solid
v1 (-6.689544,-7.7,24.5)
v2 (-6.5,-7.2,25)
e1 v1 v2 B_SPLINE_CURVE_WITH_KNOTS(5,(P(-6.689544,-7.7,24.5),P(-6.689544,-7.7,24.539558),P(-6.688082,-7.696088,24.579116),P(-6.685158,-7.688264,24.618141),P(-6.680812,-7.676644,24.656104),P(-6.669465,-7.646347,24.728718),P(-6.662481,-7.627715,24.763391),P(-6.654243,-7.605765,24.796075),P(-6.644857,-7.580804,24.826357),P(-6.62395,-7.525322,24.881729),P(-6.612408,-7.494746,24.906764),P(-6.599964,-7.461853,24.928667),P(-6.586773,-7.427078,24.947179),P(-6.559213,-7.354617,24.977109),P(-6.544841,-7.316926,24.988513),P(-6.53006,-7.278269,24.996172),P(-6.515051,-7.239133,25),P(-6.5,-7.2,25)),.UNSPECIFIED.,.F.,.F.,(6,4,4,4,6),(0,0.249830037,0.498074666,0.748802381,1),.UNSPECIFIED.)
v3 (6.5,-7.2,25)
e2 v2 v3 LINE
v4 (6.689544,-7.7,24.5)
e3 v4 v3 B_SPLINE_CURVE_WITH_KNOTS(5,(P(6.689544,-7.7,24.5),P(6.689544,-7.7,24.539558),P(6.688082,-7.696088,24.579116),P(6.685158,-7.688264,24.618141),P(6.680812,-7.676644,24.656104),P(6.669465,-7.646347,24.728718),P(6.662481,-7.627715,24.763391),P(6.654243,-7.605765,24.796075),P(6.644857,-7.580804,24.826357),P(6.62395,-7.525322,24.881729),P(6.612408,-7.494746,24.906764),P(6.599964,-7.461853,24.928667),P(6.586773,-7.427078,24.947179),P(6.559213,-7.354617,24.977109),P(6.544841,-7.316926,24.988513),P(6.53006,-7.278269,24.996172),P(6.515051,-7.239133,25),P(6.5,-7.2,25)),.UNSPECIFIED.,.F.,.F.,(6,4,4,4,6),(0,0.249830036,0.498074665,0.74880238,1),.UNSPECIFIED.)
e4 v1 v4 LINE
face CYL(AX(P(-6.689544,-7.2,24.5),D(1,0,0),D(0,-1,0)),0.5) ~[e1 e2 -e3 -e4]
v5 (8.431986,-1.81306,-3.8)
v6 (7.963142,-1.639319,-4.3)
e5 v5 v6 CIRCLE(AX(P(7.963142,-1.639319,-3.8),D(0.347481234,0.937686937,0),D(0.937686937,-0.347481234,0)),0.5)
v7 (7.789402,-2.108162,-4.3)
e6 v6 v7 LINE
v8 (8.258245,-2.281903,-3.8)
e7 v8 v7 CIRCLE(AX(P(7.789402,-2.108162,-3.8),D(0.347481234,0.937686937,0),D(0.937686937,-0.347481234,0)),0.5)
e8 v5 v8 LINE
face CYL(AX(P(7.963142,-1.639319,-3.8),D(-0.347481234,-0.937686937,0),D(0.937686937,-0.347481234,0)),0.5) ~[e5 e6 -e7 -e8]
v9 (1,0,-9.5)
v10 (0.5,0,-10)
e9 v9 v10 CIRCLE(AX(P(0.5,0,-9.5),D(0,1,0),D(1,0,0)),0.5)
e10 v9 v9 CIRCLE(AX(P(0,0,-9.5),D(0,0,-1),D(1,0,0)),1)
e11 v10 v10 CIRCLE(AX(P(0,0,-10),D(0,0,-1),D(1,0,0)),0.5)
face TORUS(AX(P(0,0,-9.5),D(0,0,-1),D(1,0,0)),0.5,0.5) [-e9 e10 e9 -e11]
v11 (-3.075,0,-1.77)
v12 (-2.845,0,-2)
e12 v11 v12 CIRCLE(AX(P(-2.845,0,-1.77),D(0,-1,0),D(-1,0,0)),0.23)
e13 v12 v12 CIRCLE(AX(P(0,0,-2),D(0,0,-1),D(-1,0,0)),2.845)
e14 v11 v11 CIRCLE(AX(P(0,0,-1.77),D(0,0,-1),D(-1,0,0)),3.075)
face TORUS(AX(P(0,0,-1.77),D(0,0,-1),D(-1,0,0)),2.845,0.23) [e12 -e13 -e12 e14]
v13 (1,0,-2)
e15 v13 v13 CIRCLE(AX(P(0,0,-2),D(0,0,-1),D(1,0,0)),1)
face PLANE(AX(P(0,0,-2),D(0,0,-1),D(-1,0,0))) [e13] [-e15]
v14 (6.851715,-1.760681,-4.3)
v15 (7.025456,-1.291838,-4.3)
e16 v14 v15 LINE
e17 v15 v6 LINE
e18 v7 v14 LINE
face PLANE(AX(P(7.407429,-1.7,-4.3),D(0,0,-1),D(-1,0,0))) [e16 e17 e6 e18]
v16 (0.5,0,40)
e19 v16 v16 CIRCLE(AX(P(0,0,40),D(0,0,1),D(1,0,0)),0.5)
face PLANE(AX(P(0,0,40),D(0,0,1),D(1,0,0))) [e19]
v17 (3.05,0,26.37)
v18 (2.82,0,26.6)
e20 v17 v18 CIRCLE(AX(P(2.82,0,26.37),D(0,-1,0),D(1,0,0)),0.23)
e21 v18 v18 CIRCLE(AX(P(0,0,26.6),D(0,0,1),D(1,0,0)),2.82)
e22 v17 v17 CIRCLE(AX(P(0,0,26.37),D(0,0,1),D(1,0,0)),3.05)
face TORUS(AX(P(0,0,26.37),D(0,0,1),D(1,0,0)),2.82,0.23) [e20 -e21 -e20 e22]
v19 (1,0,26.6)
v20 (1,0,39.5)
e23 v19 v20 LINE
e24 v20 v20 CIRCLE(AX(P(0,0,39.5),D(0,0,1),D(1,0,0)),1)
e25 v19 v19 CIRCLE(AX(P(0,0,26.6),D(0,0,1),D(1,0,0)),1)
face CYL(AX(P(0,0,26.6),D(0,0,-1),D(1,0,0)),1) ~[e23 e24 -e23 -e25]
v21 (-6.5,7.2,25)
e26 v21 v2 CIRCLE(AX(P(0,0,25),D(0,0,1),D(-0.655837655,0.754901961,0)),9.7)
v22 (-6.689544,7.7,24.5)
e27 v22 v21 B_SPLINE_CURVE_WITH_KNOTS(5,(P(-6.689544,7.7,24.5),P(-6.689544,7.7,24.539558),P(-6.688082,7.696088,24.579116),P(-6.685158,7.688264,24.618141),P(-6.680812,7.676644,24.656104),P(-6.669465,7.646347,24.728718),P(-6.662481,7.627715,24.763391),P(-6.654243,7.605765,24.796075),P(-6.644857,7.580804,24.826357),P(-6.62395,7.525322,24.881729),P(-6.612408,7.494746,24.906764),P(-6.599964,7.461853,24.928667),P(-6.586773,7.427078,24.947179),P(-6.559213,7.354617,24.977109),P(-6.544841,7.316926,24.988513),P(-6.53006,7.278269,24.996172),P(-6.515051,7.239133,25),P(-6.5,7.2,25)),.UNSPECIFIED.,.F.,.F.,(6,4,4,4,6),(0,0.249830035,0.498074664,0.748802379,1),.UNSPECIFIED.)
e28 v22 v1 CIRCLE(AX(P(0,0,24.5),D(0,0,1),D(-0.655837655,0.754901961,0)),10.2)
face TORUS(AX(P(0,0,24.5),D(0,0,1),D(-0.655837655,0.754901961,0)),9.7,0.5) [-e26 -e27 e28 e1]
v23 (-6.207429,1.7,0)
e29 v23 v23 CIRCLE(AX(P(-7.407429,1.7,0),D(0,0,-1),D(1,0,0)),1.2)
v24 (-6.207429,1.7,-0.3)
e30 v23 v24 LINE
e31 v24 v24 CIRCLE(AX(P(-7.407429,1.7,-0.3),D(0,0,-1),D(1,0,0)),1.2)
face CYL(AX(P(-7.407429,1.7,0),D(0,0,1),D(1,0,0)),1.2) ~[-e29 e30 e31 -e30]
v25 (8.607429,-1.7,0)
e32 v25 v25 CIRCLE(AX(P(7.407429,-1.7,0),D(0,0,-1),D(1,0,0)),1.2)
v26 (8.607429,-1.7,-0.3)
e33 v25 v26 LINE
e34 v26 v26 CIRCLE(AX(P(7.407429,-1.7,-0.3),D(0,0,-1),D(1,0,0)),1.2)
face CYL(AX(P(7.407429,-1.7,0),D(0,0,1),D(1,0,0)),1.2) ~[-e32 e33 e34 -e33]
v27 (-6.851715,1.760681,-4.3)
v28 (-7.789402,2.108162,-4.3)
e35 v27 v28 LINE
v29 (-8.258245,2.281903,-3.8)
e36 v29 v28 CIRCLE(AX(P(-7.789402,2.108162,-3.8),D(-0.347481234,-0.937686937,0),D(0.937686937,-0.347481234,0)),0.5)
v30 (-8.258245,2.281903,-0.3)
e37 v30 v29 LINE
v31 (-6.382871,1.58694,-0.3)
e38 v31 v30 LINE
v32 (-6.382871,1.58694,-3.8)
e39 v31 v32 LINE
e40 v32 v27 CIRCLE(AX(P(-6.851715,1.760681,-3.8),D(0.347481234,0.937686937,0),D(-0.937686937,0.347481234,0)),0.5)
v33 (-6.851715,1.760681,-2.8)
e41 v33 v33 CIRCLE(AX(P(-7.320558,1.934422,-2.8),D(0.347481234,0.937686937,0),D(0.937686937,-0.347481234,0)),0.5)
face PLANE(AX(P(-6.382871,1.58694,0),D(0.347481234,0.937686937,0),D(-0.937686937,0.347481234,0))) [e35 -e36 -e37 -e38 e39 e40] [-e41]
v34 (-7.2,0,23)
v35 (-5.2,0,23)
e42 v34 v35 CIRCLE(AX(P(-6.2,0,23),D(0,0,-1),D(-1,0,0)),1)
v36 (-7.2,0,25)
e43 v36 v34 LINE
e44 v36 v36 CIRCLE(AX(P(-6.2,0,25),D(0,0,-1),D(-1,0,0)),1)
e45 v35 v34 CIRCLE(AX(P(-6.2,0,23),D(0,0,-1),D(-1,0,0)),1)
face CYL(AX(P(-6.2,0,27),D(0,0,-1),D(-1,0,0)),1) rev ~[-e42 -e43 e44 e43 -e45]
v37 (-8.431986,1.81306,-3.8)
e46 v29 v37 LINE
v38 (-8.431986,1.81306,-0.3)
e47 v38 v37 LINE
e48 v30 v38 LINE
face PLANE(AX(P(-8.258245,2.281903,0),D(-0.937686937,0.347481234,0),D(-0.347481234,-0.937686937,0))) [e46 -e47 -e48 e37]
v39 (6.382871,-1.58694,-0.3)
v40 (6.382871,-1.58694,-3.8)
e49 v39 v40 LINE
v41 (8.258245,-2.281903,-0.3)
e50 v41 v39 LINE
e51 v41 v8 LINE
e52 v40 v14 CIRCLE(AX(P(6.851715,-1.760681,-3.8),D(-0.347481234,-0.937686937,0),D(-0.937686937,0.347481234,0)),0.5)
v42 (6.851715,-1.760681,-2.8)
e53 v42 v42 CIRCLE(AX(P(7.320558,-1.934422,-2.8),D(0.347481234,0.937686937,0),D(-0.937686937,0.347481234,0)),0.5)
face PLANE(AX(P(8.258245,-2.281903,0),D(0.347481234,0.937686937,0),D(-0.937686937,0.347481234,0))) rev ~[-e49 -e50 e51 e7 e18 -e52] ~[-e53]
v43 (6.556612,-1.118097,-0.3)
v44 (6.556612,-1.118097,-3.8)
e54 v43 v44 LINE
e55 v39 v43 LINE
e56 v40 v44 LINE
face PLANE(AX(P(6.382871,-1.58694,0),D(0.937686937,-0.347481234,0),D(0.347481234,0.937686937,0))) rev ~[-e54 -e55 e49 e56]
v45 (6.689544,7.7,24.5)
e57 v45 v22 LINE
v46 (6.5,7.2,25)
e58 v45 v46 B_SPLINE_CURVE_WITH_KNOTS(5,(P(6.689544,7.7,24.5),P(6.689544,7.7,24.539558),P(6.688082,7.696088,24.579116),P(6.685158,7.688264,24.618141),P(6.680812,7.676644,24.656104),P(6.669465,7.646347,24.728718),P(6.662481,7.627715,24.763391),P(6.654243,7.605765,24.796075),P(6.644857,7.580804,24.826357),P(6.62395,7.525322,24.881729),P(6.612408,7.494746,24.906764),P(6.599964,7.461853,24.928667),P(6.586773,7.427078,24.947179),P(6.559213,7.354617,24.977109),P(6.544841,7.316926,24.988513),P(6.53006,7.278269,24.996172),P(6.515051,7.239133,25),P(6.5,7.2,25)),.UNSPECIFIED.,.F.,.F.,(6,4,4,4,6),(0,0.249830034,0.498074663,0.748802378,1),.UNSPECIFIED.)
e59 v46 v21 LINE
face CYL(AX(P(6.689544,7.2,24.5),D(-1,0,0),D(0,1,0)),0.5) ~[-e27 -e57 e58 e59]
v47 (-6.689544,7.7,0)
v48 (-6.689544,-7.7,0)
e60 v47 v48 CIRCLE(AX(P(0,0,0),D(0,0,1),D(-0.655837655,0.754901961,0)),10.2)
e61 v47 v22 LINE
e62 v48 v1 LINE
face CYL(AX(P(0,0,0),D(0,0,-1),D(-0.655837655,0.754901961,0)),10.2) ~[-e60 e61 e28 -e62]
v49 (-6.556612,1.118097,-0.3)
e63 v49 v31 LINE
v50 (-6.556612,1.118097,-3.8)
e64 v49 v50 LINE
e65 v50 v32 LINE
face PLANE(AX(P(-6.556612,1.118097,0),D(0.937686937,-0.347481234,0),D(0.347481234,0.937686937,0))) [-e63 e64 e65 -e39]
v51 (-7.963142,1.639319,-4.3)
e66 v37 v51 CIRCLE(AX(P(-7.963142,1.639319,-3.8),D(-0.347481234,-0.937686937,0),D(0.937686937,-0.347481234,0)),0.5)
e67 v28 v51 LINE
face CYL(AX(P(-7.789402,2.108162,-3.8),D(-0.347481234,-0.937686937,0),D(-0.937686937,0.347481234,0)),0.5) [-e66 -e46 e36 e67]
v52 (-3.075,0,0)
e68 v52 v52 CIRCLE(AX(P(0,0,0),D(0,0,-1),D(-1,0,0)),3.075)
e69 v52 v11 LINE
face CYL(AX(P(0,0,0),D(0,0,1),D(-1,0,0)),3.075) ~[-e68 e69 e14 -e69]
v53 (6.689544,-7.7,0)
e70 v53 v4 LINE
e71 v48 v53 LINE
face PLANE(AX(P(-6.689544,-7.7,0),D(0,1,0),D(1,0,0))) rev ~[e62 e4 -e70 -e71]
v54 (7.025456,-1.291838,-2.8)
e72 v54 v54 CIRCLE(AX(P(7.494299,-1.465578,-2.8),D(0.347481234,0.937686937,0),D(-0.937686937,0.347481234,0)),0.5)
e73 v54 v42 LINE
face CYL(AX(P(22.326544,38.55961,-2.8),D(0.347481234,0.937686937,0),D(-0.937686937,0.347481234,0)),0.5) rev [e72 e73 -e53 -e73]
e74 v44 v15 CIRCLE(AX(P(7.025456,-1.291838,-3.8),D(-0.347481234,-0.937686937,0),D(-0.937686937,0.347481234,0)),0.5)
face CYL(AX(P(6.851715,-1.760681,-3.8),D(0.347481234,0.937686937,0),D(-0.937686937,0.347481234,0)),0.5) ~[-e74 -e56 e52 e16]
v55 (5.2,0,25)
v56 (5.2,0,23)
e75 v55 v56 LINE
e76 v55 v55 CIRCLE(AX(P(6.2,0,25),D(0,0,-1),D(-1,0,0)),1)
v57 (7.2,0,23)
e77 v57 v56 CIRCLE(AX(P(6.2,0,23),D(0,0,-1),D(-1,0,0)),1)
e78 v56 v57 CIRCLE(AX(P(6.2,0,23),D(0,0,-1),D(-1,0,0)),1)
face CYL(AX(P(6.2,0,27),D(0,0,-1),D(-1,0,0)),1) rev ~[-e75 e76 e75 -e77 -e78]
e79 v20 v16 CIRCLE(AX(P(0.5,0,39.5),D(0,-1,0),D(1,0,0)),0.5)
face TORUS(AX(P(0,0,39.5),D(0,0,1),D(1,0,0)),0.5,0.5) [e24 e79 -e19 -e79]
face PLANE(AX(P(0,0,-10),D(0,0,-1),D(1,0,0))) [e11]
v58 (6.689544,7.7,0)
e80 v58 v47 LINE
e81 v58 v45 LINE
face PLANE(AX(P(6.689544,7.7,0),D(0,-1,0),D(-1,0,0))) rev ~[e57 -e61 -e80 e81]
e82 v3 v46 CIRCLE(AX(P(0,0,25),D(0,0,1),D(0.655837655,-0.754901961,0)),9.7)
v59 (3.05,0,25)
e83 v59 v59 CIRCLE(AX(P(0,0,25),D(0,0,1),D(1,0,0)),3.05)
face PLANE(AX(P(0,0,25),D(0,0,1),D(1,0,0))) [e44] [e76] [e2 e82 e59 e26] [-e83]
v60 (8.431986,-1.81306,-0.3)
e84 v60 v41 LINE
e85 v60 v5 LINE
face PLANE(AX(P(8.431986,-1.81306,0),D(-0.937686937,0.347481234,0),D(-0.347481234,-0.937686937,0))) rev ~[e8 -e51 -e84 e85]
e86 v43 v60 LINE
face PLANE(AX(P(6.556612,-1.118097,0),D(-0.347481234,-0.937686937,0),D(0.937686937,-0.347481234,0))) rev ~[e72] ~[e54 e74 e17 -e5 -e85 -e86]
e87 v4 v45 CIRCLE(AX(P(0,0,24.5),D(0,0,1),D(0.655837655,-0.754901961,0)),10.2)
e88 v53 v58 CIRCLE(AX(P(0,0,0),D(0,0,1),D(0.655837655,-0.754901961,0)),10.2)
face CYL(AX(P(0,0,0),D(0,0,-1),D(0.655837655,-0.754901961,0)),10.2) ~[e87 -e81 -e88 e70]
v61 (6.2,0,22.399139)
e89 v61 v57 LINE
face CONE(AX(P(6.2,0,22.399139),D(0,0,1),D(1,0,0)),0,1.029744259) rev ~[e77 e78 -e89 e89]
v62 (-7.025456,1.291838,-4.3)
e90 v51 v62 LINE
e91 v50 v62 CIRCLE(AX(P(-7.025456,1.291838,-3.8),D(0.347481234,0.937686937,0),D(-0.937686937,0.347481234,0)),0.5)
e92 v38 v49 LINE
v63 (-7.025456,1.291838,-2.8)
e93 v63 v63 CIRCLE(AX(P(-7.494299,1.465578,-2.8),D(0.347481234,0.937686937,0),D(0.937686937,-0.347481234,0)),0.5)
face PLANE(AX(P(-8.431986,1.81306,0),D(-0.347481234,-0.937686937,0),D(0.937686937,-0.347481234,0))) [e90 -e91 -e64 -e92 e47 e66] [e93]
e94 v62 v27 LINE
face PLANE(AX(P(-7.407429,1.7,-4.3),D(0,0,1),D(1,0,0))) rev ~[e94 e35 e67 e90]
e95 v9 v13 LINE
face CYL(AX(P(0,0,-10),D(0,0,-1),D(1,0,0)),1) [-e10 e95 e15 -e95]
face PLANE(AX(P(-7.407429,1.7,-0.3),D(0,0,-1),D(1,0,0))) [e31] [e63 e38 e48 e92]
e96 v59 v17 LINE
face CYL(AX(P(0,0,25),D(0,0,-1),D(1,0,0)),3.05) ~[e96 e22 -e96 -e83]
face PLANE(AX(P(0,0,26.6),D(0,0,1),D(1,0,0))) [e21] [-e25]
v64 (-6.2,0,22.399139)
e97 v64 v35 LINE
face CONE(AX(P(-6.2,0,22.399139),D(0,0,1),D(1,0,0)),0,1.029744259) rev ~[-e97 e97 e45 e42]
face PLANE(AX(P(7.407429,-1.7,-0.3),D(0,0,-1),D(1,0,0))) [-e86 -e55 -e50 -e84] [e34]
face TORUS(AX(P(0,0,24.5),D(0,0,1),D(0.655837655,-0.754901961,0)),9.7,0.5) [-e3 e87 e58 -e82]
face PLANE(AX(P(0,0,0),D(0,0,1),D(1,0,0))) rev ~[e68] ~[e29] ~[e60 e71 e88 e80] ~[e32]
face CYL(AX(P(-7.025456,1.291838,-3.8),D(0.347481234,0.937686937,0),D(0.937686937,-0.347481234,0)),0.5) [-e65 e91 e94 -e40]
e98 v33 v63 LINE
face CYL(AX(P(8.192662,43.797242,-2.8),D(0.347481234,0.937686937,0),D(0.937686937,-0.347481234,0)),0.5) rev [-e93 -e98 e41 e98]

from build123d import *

# Parameters (mm, degrees)
BOSS_EXTRUDE1_DEPTH          = 25
FILLET1_R                    = 0.5
SKETCH2_R                    = 3.05
BOSS_EXTRUDE2_DEPTH          = 1.6
SKETCH3_R                    = 1
BOSS_EXTRUDE3_DEPTH          = 13.4
SKETCH4_R                    = 3.075
BOSS_EXTRUDE4_DEPTH          = 2
FILLET2_R                    = 0.23
BOSS_EXTRUDE6_START          = 8
SKETCH5_R                    = 1
BOSS_EXTRUDE6_DEPTH          = 8
FILLET3_R                    = 0.5
BOSS_EXTRUDE7_DEPTH          = 4.3
SKETCH6_3_R                  = 1.1999999999999995
SKETCH6_3_R_2                = 1.2000000000000004
BOSS_EXTRUDE8_DEPTH          = 0.3
FILLET4_R                    = 0.5
CUT_EXTRUDE1_DEPTH           = 43.18502328832356
CUT_EXTRUDE1_DEPTH_BACK      = 43.18502328832356
SKETCH7_R                    = 0.4999999999999999
SKETCH7_R_2                  = 0.5000000000000017
F_2_0_2_DIAMETER_HOLE1_D     = 2
F_2_0_2_DIAMETER_HOLE1_DEPTH = 2
F_2_0_2_DIAMETER_HOLE1_TIP   = 0.6008606190275603


with BuildPart() as part:
    # Sketch1 → Boss-Extrude1 (new body)
    with BuildSketch(Plane.XY):
        with BuildLine():
            ThreePointArc((-6.689544080129374, 7.700000000000392), (-10.2, 1.25e-15), (-6.689544080129376, -7.70000000000039))
            Line((-6.689544080129249, -7.700000000000001), (6.689544080129178, -7.700000000000001))
            ThreePointArc((6.6895440801293145, -7.700000000000443), (9.280984581856574, -4.2312321126759915), (10.2, -2.5e-15))
            ThreePointArc((10.2, 0), (9.280984581856577, 4.231232112675986), (6.689544080129316, 7.7000000000004425))
            Line((6.689544080129178, 7.699999999999999), (-6.6895440801292505, 7.699999999999999))
        make_face()
    extrude(amount=BOSS_EXTRUDE1_DEPTH)

    # Fillet1
    fillet1_edges = [part.edges().sort_by_distance(p)[0] for p in [
        (-3.553e-14, -7.700000000000001, 25),
        (10.2, 4e-15, 25),
        (-3.642e-14, 7.699999999999999, 25),
        (-10.2, 2.44e-15, 25),
    ]]
    fillet(fillet1_edges, radius=FILLET1_R)

    # Sketch2 → Boss-Extrude2 (add)
    with BuildSketch(Plane.XY.offset(25)):
        Circle(SKETCH2_R)
    extrude(amount=BOSS_EXTRUDE2_DEPTH)

    # Sketch3 → Boss-Extrude3 (add)
    with BuildSketch(Plane.XY.offset(26.6)):
        Circle(SKETCH3_R)
    extrude(amount=BOSS_EXTRUDE3_DEPTH)

    # Sketch4 → Boss-Extrude4 (add)
    with BuildSketch(Plane(origin=(0, 0, 0), x_dir=(-1, 0, 0), z_dir=(0, 0, -1))):
        Circle(SKETCH4_R)
    extrude(amount=BOSS_EXTRUDE4_DEPTH)

    # Fillet2
    fillet2_edges = [part.edges().sort_by_distance(p)[0] for p in [
        (-3.05, 3.7e-16, 26.6),
        (3.075, -9.9e-16, -2),
    ]]
    fillet(fillet2_edges, radius=FILLET2_R)

    # Sketch5 → Boss-Extrude6 (add)
    with BuildSketch(Plane(origin=(0, 0, -2), x_dir=(-1, 0, 0), z_dir=(0, 0, -1)).offset(BOSS_EXTRUDE6_START)):
        with Locations(Location((0, 0, 0), (0, 0, 180))):
            Circle(SKETCH5_R)
    extrude(amount=-BOSS_EXTRUDE6_DEPTH)

    # Fillet3
    fillet3_edges = [part.edges().sort_by_distance(p)[0] for p in [
        (-1, 1.2e-16, 40),
        (-1, -2.4e-16, -10),
    ]]
    fillet(fillet3_edges, radius=FILLET3_R)

    # Sketch6 → Boss-Extrude7 (add)
    with BuildSketch(Plane(origin=(0, 0, 0), x_dir=(-1, 0, 0), z_dir=(0, 0, -1))):
        Polygon((-8.258245331971702, -2.2819029687246677), (-6.382871458127414, -1.5869404997364032), (-6.556612075374479, -1.118097031275331), (-8.431985949218769, -1.8130595002635959), align=None)
        Polygon((6.5566120753744785, 1.118097031275332), (6.382871458127412, 1.5869404997364045), (8.2582453319717, 2.281902968724668), (8.431985949218767, 1.8130595002635954), align=None)
    extrude(amount=BOSS_EXTRUDE7_DEPTH)

    # Sketch6<3> → Boss-Extrude8 (add)
    # profile 1 of 2: a face of its own
    with BuildSketch(Plane(origin=(0, 0, 0), x_dir=(-1, 0, 0), z_dir=(0, 0, -1))):
        with Locations(Location((-7.40742870367309, -1.7, 0), (0, 0, 180))):
            Circle(SKETCH6_3_R)
        Polygon((-6.382871458127414, -1.5869404997364032), (-6.556612075374479, -1.118097031275331), (-8.431985949218769, -1.8130595002635959), (-8.258245331971702, -2.2819029687246677), align=None, mode=Mode.SUBTRACT)
    # profile 2 of 2: a face of its own
    with BuildSketch(Plane(origin=(0, 0, 0), x_dir=(-1, 0, 0), z_dir=(0, 0, -1))):
        with Locations(Location((7.407428703673089, 1.6999999999999995, 0), (0, 0, 180))):
            Circle(SKETCH6_3_R_2)
        Polygon((8.431985949218767, 1.8130595002635954), (6.5566120753744785, 1.118097031275332), (6.382871458127412, 1.5869404997364045), (8.2582453319717, 2.281902968724668), align=None, mode=Mode.SUBTRACT)
    extrude(amount=BOSS_EXTRUDE8_DEPTH)

    # Fillet4
    fillet4_edges = [part.edges().sort_by_distance(p)[0] for p in [
        (8.345115640595235, -2.047481234494132, -4.3),
        (6.469741766750946, -1.352518765505867, -4.3),
        (-6.469741766750945, 1.3525187655058684, -4.3),
        (-8.345115640595234, 2.047481234494132, -4.3),
    ]]
    fillet(fillet4_edges, radius=FILLET4_R)

    # Sketch7 → Cut-Extrude1 (cut, two sides: drawn at the far end of the back side and taken through both)
    with BuildSketch(Plane(origin=(0.2536177540026074, 0.6843939507869876, 0), x_dir=(0.9376869369221446, -0.3474812344941323, 0), z_dir=(-0.3474812344941323, -0.9376869369221446, 0)).offset(-CUT_EXTRUDE1_DEPTH_BACK)):
        with Locations((-7.536567230256415, -2.8000000000000034)):
            Circle(SKETCH7_R)
        with Locations(Location((7.53656723025642, -2.8000000000000034, 0), (0, 0, 180))):
            Circle(SKETCH7_R_2)
    extrude(amount=CUT_EXTRUDE1_DEPTH + CUT_EXTRUDE1_DEPTH_BACK, mode=Mode.SUBTRACT)

    # Ø2.0 (2) Diameter Hole1
    with Locations(Plane.XY.offset(25)):
        with Locations((-6.2, 0), (6.2, 0)):
            Hole(F_2_0_2_DIAMETER_HOLE1_D / 2, depth=F_2_0_2_DIAMETER_HOLE1_DEPTH)
            with Locations((0, 0, -(F_2_0_2_DIAMETER_HOLE1_DEPTH + F_2_0_2_DIAMETER_HOLE1_TIP / 2))):  # 118° drill point
                Cone(0, F_2_0_2_DIAMETER_HOLE1_D / 2, F_2_0_2_DIAMETER_HOLE1_TIP, mode=Mode.SUBTRACT)


solid = part.part
